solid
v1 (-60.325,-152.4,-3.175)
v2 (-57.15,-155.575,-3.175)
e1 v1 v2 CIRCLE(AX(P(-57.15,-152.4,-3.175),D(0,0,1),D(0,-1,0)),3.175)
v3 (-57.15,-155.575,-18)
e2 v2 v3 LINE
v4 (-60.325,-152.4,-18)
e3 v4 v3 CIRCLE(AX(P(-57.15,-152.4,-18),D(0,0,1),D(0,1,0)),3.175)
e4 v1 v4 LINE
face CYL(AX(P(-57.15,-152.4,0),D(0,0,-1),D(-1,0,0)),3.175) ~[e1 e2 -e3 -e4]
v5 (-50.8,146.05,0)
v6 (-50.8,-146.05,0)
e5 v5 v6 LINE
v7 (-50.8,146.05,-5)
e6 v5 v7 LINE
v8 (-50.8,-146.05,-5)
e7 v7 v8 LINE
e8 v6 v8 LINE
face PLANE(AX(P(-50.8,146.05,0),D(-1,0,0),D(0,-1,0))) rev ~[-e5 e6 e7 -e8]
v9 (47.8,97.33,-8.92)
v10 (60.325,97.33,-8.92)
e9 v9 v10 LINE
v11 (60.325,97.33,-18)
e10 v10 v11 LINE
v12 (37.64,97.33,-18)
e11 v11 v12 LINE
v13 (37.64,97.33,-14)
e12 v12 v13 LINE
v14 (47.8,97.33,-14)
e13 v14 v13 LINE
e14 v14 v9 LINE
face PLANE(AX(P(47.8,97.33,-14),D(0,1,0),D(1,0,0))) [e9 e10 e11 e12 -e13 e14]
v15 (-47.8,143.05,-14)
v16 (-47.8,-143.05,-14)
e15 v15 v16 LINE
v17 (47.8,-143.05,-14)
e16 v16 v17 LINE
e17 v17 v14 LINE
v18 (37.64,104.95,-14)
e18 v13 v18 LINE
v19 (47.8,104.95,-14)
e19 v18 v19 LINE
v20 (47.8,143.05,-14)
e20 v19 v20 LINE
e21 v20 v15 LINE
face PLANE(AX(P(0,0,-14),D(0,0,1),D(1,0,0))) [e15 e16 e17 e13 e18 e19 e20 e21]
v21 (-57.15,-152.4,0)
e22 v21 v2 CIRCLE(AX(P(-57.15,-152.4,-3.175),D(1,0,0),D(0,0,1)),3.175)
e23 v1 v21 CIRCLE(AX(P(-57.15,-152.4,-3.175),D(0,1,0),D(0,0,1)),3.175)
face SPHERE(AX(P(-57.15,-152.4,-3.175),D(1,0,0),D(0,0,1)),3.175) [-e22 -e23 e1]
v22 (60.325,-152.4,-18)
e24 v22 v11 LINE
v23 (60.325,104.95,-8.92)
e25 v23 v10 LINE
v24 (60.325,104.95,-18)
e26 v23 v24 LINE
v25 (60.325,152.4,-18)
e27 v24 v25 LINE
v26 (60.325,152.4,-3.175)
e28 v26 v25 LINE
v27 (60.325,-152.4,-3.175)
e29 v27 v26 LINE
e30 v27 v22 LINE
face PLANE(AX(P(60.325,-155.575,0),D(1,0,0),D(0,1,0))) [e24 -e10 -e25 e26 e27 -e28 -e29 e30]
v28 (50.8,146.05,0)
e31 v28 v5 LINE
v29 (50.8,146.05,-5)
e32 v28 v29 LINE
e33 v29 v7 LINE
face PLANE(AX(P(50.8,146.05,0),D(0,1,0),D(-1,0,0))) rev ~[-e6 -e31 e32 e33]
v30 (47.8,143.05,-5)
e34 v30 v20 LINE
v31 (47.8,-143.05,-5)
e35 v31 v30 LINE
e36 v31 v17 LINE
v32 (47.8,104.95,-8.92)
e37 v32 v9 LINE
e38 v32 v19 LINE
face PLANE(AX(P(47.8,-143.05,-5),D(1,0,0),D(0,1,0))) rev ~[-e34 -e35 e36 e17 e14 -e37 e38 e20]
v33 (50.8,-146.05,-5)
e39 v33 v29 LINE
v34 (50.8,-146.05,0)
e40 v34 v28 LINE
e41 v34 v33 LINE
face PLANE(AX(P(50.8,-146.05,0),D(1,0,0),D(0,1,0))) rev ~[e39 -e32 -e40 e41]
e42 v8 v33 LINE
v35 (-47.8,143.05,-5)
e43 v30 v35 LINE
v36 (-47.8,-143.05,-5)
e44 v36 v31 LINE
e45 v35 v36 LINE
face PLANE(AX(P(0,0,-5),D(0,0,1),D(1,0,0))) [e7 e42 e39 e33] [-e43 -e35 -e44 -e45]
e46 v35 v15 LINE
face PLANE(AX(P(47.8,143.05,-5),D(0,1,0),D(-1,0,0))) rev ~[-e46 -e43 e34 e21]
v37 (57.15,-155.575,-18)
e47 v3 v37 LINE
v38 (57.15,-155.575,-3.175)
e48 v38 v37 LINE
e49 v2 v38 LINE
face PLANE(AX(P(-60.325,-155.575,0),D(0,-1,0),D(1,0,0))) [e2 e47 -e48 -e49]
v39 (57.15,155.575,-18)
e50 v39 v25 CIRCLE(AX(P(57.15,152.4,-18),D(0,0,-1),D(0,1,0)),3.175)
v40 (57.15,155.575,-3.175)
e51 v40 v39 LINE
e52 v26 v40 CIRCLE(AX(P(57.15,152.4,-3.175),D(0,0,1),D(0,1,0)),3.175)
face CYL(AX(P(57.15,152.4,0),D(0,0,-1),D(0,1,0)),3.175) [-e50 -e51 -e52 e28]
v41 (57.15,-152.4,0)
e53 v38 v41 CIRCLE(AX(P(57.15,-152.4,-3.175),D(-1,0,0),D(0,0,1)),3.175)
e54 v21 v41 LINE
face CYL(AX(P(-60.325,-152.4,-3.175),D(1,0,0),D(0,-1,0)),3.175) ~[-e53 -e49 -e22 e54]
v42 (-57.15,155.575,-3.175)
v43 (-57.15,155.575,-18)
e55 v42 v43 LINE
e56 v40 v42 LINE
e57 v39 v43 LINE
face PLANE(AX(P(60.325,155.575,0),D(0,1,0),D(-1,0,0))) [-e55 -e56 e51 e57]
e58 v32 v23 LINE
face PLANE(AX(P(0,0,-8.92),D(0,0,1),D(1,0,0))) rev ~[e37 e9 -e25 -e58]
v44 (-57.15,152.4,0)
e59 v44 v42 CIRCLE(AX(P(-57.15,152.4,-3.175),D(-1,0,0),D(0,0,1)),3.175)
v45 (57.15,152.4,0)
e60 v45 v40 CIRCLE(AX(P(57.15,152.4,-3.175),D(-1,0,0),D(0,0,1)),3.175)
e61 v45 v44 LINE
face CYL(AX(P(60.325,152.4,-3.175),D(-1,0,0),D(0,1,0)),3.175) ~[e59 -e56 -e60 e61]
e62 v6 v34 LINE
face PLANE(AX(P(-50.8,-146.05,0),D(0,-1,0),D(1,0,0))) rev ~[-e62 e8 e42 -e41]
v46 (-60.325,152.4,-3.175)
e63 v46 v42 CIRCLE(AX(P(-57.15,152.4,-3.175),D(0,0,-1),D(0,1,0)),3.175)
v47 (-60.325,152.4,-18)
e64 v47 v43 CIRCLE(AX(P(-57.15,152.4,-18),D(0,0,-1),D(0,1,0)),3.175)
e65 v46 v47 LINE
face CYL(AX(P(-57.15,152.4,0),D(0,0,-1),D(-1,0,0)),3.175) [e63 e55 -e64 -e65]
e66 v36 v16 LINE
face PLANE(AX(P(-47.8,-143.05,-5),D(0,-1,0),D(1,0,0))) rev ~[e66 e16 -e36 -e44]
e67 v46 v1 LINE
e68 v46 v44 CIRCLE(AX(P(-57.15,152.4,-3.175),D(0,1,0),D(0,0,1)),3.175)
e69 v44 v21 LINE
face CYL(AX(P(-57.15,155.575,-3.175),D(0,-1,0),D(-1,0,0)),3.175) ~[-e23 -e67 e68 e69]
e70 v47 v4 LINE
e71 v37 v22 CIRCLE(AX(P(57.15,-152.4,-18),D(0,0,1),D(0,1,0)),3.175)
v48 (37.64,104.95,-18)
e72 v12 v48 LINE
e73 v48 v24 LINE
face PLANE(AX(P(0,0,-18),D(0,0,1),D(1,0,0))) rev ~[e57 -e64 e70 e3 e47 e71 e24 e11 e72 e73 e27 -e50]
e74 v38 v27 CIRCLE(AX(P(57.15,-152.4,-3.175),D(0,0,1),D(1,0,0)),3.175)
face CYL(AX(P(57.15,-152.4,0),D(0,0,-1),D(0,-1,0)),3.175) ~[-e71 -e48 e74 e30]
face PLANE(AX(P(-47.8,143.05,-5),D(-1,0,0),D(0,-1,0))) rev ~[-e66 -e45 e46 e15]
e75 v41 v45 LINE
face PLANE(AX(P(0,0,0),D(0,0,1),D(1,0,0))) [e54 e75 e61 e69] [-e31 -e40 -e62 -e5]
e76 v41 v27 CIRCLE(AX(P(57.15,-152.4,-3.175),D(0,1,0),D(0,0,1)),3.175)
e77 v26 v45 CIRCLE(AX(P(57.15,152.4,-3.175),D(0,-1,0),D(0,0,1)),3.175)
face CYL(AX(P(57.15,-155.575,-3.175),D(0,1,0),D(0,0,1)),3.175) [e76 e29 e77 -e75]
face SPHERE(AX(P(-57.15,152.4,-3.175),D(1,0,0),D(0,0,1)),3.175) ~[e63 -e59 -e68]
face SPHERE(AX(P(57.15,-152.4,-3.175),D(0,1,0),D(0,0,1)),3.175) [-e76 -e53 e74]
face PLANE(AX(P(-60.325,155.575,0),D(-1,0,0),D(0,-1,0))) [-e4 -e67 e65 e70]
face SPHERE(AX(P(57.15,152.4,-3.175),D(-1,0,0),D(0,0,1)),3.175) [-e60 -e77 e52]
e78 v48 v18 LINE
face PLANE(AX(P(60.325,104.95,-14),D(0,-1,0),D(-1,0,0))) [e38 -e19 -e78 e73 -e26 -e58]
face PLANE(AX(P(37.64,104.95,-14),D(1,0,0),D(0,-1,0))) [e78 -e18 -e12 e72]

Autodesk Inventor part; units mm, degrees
ref_plane "YZ Plane" through (0, 0, 0) normal (1, 0, 0) x (0, 1, 0)
ref_plane "XZ Plane" through (0, 0, 0) normal (0, 1, 0) x (-1, 0, 0)
ref_plane "XY Plane" through (0, 0, 0) normal (0, 0, 1) x (1, 0, 0)
ref_plane "Work Plane1" through (0, 0, 0) normal (0, 0, 1) x (1, 0, 0)
sketch "Sketch3" plane through (0, 0, 0) normal (0, 0, 1) x (1, 0, 0)
  line L0 (-60.325, -155.575) -> (60.325, -155.575)
  line L1 (60.325, -155.575) -> (60.325, 155.575)
  line L2 (60.325, 155.575) -> (-60.325, 155.575)
  line L3 (-60.325, 155.575) -> (-60.325, -155.575)
  line L4 (-60.325, -155.575) -> (60.325, 155.575) construction
  line L5 (60.325, -155.575) -> (-60.325, 155.575) construction
  point P0 (0, 0)
  dimension "d4" = 120.65
  dimension "d5" = 311.15
extrude "Extrusion2" add sketch "Sketch3" against normal blind 18
sketch "Sketch4" plane through (0, 0, 0) normal (0, 0, 1) x (1, 0, 0)
  line L0 (-50.8, -146.05) -> (50.8, -146.05)
  line L1 (50.8, -146.05) -> (50.8, 146.05)
  line L2 (50.8, 146.05) -> (-50.8, 146.05)
  line L3 (-50.8, 146.05) -> (-50.8, -146.05)
  line L4 (-50.8, -146.05) -> (50.8, 146.05) construction
  line L5 (50.8, -146.05) -> (-50.8, 146.05) construction
  point P0 (0, 0)
  dimension "d8" = 101.6
  dimension "d9" = 292.1
extrude "Extrusion3" cut sketch "Sketch4" against normal blind 5
sketch "Sketch5" plane through (0, 0, -5) normal (0, 0, 1) x (1, 0, 0)
  line L0 (50.8, 146.05) -> (50.8, -146.05) projected
  line L1 (-50.8, 146.05) -> (50.8, 146.05) projected
  line L2 (-50.8, -146.05) -> (-50.8, 146.05) projected
  line L3 (50.8, -146.05) -> (-50.8, -146.05) projected
  line L4 (47.8, -143.05) -> (47.8, 143.05)
  line L5 (47.8, 143.05) -> (-47.8, 143.05)
  line L6 (-47.8, 143.05) -> (-47.8, -143.05)
  line L7 (-47.8, -143.05) -> (47.8, -143.05)
  point P0 (0, 0)
  dimension "d12" = 3
extrude "Extrusion4" cut sketch "Sketch5" against normal blind 9 contours L7 L6 L5 L4
sketch "Sketch6" plane through (0, 0, -14) normal (0, 0, 1) x (1, 0, 0)
  line L0 (47.8, 143.05) -> (47.8, -143.05) projected
  line L1 (47.8, 143.05) -> (47.8, -143.05) projected
  line L2 (47.8, 104.95) -> (37.64, 104.95)
  line L3 (37.64, 104.95) -> (37.64, 97.33)
  line L4 (37.64, 97.33) -> (47.8, 97.33)
  line L5 (47.8, 97.33) -> (47.8, 104.95)
  line L6 (-47.8, 143.05) -> (47.8, 143.05) projected
  line L7 (47.8, 97.33) -> (60.325, 97.33)
  line L8 (60.325, 155.575) -> (60.325, -155.575) projected
  line L9 (60.325, 104.95) -> (47.8, 104.95)
  point P0 (0, 0)
  dimension "d16" = 10.16
  dimension "d17" = 7.62
  dimension "d18" = 38.1
extrude "Extrusion5" cut sketch "Sketch6" along normal mid plane 10.16
fillet "Fillet1" radius 3.175 8 edges at (0, 155.575, 0) (60.325, 0, 0) (0, -155.575, 0) (-60.325, 0, 0) (-60.325, 155.575, -9) (-60.325, -155.575, -9) (60.325, -155.575, -9) (60.325, 155.575, -9)
properties part number "Case Parts"
